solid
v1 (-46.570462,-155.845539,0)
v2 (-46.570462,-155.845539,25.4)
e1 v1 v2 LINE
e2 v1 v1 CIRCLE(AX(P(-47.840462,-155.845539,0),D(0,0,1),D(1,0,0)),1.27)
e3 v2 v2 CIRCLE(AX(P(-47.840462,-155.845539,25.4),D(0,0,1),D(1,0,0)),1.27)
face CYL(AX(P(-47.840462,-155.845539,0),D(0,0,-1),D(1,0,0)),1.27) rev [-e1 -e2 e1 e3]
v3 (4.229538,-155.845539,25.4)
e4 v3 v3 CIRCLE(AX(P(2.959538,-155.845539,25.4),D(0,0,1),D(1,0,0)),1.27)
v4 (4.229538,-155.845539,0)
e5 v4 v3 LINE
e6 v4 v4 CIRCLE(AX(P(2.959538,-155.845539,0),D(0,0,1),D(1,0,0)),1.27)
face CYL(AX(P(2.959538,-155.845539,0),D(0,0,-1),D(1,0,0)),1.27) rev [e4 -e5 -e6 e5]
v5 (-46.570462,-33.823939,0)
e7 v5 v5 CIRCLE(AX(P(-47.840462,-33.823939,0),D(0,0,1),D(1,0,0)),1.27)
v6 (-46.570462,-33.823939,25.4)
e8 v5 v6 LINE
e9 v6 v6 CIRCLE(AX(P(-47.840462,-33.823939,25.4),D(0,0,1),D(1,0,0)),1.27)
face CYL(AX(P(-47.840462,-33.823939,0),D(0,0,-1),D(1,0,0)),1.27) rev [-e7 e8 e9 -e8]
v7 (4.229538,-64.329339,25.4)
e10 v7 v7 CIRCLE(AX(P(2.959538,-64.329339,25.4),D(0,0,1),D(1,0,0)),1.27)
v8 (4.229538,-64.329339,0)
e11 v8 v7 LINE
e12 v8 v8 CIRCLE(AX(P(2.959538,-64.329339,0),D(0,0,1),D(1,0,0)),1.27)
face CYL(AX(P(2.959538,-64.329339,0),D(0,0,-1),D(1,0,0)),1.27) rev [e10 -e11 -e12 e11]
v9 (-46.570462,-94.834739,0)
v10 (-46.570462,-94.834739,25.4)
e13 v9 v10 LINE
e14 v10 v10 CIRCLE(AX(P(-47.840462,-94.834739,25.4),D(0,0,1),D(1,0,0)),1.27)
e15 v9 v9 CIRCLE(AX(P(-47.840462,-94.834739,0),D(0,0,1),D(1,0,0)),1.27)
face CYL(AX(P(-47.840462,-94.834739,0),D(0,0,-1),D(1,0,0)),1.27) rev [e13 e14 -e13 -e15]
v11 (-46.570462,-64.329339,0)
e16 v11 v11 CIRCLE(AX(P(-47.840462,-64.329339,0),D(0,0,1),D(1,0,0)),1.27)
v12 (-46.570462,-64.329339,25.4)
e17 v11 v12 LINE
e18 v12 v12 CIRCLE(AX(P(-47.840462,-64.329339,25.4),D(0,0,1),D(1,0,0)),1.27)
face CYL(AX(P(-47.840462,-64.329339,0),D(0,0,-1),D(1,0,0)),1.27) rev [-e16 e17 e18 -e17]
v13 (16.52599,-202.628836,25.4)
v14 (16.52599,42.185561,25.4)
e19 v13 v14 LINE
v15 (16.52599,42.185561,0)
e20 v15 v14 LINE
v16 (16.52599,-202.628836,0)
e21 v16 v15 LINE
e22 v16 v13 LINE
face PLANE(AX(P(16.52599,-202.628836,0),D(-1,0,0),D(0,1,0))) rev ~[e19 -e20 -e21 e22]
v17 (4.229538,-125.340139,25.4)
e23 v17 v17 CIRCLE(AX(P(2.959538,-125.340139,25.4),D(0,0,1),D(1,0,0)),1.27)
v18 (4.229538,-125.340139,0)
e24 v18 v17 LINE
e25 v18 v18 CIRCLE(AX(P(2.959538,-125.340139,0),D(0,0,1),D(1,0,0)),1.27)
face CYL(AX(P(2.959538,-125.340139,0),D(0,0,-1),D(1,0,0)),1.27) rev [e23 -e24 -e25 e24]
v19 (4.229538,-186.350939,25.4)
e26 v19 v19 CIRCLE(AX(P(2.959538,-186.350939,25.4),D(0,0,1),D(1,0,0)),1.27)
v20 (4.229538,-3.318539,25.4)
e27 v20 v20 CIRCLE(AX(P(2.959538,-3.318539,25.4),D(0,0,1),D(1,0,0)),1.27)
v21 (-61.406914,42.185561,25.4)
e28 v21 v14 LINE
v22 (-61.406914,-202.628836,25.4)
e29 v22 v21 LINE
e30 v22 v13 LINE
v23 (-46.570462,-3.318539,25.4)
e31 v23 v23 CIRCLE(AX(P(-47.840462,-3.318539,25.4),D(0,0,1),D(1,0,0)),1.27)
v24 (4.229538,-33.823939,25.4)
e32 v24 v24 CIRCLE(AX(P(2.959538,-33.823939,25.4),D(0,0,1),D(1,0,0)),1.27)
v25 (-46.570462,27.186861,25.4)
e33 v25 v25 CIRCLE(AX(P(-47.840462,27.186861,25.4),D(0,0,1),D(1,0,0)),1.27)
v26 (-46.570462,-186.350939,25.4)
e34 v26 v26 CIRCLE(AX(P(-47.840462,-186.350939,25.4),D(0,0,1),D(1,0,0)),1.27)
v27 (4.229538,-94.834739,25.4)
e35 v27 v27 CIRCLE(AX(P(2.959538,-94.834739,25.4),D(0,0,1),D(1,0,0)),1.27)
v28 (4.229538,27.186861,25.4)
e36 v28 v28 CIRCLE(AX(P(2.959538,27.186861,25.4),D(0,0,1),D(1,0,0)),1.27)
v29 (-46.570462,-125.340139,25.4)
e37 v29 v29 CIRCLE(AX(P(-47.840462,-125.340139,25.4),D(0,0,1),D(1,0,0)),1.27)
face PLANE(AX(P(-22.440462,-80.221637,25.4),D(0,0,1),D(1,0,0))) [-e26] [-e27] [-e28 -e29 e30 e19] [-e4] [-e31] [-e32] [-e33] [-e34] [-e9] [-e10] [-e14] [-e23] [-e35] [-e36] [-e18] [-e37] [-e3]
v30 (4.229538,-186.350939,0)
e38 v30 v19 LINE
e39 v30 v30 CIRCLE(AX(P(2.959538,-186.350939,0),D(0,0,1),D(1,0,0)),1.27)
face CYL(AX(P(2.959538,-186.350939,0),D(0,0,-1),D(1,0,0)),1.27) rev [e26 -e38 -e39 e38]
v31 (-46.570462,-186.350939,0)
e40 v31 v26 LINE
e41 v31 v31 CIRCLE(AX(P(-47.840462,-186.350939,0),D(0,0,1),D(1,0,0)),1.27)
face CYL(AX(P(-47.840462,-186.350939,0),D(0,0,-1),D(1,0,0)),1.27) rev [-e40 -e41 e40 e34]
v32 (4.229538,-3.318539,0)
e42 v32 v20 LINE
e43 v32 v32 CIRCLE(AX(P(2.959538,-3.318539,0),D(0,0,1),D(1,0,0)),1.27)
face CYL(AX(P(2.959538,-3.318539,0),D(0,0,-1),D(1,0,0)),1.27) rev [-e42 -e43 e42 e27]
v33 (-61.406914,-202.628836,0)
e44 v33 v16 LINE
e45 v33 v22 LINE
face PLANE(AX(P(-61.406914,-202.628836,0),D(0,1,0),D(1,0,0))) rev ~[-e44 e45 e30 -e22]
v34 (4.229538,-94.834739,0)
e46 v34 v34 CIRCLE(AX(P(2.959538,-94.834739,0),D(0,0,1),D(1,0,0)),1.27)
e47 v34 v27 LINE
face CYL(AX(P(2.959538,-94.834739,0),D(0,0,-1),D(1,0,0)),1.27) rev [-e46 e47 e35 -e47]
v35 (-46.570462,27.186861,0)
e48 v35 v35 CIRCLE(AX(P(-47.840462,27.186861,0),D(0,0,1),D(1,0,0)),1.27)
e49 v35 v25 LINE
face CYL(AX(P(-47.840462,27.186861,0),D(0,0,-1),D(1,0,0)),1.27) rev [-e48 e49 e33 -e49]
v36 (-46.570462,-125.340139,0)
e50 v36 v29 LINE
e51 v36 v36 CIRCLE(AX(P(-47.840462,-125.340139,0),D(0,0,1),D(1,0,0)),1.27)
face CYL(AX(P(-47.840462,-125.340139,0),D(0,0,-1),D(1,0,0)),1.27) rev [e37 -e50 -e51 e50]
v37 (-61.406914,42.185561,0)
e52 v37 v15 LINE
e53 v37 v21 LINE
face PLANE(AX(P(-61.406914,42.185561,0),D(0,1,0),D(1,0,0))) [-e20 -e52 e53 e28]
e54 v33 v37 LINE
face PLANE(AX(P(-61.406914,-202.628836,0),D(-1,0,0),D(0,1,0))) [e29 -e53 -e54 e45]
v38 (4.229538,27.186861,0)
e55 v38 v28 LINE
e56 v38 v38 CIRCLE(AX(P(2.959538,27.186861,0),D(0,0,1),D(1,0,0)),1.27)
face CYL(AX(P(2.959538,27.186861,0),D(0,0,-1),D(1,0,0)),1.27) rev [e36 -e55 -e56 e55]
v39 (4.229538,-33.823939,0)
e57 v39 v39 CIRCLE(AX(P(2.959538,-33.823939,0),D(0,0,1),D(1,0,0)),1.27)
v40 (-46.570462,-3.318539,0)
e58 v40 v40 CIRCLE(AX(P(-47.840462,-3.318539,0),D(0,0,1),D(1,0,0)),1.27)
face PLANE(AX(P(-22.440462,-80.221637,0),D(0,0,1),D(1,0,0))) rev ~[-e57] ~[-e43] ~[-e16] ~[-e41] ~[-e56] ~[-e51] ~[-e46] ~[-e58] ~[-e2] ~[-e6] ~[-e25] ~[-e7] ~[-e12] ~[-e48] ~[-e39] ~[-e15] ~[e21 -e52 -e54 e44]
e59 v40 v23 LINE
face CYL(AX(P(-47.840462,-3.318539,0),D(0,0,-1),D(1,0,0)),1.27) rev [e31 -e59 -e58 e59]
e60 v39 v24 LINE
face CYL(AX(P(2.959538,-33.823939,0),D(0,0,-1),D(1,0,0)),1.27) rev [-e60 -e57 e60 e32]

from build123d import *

# Parameters (mm, degrees)
F0_W     = 77.932905
F0_H     = 244.814397
F0_R     = 1.27
F1_DEPTH = 25.4


with BuildPart() as f1:
    # F0 (on Top) → F1 (new body)
    with BuildSketch(Plane.XY):
        with Locations((-22.440462, -80.221637)):
            Rectangle(F0_W, F0_H)
        with Locations((-47.840462, -186.350939)):
            Circle(F0_R, mode=Mode.SUBTRACT)
        with Locations((-47.840462, -155.845539)):
            Circle(F0_R, mode=Mode.SUBTRACT)
        with Locations((-47.840462, -125.340139)):
            Circle(F0_R, mode=Mode.SUBTRACT)
        with Locations((-47.840462, -94.834739)):
            Circle(F0_R, mode=Mode.SUBTRACT)
        with Locations((2.959538, -186.350939)):
            Circle(F0_R, mode=Mode.SUBTRACT)
        with Locations((2.959538, -155.845539)):
            Circle(F0_R, mode=Mode.SUBTRACT)
        with Locations((2.959538, -125.340139)):
            Circle(F0_R, mode=Mode.SUBTRACT)
        with Locations((2.959538, -94.834739)):
            Circle(F0_R, mode=Mode.SUBTRACT)
        with Locations((-47.840462, -64.329339)):
            Circle(F0_R, mode=Mode.SUBTRACT)
        with Locations((-47.840462, -33.823939)):
            Circle(F0_R, mode=Mode.SUBTRACT)
        with Locations((-47.840462, -3.318539)):
            Circle(F0_R, mode=Mode.SUBTRACT)
        with Locations((-47.840462, 27.186861)):
            Circle(F0_R, mode=Mode.SUBTRACT)
        with Locations((2.959538, -64.329339)):
            Circle(F0_R, mode=Mode.SUBTRACT)
        with Locations((2.959538, -33.823939)):
            Circle(F0_R, mode=Mode.SUBTRACT)
        with Locations((2.959538, -3.318539)):
            Circle(F0_R, mode=Mode.SUBTRACT)
        with Locations((2.959538, 27.186861)):
            Circle(F0_R, mode=Mode.SUBTRACT)
    extrude(amount=F1_DEPTH)


solid = f1.part
